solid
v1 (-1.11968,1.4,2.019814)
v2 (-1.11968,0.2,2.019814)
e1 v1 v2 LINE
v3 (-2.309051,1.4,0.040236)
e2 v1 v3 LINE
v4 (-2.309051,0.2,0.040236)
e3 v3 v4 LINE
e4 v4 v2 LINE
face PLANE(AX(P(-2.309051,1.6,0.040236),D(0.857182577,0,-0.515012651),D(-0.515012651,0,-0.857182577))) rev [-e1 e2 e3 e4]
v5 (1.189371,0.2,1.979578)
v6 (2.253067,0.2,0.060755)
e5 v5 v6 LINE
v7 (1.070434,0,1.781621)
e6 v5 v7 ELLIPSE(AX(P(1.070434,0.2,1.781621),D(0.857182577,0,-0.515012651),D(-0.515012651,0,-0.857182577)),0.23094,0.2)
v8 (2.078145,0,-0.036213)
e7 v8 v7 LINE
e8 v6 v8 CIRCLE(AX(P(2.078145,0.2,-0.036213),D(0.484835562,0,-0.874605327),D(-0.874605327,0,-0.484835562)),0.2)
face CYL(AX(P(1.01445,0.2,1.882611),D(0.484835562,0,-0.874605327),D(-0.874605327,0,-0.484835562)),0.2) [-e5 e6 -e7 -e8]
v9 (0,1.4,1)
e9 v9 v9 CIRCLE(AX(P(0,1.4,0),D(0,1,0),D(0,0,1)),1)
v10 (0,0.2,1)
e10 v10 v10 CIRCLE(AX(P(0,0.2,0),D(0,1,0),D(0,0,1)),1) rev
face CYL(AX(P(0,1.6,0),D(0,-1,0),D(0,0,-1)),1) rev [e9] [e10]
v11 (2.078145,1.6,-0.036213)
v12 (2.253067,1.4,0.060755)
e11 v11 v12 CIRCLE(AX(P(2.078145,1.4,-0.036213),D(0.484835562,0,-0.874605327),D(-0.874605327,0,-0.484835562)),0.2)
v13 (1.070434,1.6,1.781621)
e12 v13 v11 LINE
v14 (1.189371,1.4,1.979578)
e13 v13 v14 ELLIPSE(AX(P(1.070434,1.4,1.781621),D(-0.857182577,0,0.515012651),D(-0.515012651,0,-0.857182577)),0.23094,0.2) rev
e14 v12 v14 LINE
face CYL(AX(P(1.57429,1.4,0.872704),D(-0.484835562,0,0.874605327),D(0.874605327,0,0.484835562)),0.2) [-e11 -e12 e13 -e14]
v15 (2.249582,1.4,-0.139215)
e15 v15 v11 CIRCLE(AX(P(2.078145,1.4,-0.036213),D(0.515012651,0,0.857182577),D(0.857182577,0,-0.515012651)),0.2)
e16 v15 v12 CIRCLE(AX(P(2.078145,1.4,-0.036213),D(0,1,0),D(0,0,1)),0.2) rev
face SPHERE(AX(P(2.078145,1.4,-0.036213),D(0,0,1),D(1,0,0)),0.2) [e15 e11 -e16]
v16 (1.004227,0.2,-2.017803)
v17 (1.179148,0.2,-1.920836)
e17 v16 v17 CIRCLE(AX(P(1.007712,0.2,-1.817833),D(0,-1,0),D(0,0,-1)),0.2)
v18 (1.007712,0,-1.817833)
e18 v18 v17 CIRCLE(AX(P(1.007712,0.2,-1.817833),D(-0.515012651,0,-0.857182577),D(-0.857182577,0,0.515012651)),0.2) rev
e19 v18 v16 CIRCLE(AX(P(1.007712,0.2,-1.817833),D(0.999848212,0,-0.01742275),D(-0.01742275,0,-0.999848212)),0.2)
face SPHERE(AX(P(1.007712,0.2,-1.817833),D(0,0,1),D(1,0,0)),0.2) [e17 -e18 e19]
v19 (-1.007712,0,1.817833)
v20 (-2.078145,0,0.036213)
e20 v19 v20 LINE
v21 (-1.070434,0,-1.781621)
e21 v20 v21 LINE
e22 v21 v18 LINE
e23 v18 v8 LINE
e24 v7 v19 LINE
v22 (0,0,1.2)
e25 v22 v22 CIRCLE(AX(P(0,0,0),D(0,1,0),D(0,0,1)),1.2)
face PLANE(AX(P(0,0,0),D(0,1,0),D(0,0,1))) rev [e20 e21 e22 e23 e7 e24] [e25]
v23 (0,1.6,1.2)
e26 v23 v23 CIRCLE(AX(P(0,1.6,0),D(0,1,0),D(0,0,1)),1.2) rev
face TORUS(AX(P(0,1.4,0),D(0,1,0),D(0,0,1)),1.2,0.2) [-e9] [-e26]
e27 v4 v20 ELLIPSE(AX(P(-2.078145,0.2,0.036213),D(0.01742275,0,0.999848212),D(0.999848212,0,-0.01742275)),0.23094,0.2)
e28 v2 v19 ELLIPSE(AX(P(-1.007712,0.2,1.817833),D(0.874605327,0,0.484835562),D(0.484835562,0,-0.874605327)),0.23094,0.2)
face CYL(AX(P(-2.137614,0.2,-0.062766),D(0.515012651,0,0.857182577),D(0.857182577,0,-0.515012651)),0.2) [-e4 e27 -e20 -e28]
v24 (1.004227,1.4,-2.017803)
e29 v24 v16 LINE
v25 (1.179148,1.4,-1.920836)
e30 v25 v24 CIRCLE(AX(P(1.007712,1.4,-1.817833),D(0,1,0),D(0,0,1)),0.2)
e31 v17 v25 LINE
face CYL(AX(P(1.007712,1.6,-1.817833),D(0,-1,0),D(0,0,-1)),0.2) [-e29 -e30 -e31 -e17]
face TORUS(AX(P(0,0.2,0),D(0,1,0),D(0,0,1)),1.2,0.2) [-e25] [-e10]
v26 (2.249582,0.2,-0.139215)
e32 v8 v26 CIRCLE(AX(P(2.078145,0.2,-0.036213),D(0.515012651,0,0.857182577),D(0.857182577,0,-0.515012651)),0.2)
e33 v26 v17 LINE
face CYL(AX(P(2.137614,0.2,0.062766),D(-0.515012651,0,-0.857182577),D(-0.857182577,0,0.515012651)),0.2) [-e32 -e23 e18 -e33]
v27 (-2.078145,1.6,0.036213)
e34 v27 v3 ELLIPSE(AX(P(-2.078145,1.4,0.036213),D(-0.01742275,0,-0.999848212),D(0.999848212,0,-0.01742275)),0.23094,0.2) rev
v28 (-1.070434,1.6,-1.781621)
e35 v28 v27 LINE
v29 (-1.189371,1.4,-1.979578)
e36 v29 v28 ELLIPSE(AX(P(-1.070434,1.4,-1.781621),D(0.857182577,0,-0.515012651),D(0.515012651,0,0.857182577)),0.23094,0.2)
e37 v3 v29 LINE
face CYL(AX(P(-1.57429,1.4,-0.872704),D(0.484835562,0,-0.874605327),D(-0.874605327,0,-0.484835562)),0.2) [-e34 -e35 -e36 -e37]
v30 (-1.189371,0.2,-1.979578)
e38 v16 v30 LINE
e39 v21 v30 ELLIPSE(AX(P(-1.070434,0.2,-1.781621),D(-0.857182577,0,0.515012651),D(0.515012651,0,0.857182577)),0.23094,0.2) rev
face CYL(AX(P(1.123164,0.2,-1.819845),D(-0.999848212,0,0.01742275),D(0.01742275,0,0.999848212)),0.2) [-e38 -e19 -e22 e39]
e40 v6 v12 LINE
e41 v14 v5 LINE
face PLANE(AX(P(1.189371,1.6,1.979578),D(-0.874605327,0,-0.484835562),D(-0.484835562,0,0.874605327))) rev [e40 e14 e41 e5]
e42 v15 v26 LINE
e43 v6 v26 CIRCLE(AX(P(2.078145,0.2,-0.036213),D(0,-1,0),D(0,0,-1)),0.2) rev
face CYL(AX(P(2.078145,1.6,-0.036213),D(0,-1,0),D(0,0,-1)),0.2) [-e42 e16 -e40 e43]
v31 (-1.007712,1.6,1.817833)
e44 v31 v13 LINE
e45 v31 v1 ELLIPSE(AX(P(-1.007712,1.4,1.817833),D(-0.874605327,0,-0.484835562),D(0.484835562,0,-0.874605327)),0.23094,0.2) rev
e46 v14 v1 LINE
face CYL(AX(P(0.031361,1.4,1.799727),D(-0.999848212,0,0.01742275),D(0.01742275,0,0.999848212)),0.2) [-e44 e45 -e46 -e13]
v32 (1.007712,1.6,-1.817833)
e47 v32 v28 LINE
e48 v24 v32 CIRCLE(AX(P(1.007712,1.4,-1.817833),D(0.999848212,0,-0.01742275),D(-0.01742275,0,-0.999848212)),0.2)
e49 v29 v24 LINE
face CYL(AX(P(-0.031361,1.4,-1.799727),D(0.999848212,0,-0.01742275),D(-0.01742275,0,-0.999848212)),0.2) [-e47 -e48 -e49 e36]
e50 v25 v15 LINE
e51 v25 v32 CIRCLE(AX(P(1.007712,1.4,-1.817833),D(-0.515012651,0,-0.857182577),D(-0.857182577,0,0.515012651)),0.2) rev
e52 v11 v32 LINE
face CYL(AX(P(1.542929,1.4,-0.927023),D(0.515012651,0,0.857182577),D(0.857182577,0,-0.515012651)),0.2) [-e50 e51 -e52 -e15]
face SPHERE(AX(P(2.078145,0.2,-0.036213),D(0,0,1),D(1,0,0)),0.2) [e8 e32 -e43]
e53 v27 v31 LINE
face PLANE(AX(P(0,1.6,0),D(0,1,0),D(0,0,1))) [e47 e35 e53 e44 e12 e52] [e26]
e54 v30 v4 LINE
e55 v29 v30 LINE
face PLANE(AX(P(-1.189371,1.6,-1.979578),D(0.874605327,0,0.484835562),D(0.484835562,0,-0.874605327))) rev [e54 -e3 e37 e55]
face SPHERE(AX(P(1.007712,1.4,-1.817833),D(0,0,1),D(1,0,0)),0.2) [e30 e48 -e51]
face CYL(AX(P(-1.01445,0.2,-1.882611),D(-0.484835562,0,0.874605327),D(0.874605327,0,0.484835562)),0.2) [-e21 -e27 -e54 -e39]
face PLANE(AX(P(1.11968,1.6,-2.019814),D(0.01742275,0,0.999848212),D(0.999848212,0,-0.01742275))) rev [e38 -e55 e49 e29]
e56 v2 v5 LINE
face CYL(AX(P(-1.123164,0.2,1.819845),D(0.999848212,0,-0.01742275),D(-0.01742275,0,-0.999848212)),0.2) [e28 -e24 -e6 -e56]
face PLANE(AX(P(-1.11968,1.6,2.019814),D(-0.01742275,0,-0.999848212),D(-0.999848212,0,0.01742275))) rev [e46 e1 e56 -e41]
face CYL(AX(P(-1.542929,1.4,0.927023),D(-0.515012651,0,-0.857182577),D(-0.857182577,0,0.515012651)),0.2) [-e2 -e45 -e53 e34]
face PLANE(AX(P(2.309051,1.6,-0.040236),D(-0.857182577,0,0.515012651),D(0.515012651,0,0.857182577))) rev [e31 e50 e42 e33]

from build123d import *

# Parameters (mm, degrees)
SKETCH_1_R      = 1
EXTRUDE_1_DEPTH = 1.6
FILLET_1_R      = 0.2


with BuildPart() as part:
    # 草图1 → 凸台-拉伸1 (new body)
    with BuildSketch(Plane(origin=(0, 0, 0), x_dir=(1, 0, 0), z_dir=(0, 1, 0))):
        Polygon((1.119679768, 2.019814484), (-1.18937077, 1.979578365), (-2.309050538, -0.040236119), (-1.119679768, -2.019814484), (1.18937077, -1.979578365), (2.309050538, 0.040236119), align=None)
        with Locations(Location((0, 0, 0), (0, 0, 270))):
            Circle(SKETCH_1_R, mode=Mode.SUBTRACT)
    extrude(amount=EXTRUDE_1_DEPTH)

    # 圆角1
    fillet_1_edges = [part.edges().sort_by_distance(p)[0] for p in [
        (2.309050538, 0.8, -0.040236119),
        (1.119679768, 0.8, -2.019814484),
        (-1.749210654, 1.6, -0.969671123),
        (-1.714365153, 1.6, 1.030025301),
        (0, 0, -1),
        (0, 1.6, -1),
        (0.034845501, 1.6, 1.999696425),
        (1.749210654, 1.6, 0.969671123),
        (1.714365153, 1.6, -1.030025301),
        (1.749210654, 0, 0.969671123),
        (0.034845501, 0, 1.999696425),
        (-1.714365153, 0, 1.030025301),
        (-1.749210654, 0, -0.969671123),
        (-0.034845501, 0, -1.999696425),
        (1.714365153, 0, -1.030025301),
        (-0.034845501, 1.6, -1.999696425),
    ]]
    fillet(fillet_1_edges, radius=FILLET_1_R)


solid = part.part
